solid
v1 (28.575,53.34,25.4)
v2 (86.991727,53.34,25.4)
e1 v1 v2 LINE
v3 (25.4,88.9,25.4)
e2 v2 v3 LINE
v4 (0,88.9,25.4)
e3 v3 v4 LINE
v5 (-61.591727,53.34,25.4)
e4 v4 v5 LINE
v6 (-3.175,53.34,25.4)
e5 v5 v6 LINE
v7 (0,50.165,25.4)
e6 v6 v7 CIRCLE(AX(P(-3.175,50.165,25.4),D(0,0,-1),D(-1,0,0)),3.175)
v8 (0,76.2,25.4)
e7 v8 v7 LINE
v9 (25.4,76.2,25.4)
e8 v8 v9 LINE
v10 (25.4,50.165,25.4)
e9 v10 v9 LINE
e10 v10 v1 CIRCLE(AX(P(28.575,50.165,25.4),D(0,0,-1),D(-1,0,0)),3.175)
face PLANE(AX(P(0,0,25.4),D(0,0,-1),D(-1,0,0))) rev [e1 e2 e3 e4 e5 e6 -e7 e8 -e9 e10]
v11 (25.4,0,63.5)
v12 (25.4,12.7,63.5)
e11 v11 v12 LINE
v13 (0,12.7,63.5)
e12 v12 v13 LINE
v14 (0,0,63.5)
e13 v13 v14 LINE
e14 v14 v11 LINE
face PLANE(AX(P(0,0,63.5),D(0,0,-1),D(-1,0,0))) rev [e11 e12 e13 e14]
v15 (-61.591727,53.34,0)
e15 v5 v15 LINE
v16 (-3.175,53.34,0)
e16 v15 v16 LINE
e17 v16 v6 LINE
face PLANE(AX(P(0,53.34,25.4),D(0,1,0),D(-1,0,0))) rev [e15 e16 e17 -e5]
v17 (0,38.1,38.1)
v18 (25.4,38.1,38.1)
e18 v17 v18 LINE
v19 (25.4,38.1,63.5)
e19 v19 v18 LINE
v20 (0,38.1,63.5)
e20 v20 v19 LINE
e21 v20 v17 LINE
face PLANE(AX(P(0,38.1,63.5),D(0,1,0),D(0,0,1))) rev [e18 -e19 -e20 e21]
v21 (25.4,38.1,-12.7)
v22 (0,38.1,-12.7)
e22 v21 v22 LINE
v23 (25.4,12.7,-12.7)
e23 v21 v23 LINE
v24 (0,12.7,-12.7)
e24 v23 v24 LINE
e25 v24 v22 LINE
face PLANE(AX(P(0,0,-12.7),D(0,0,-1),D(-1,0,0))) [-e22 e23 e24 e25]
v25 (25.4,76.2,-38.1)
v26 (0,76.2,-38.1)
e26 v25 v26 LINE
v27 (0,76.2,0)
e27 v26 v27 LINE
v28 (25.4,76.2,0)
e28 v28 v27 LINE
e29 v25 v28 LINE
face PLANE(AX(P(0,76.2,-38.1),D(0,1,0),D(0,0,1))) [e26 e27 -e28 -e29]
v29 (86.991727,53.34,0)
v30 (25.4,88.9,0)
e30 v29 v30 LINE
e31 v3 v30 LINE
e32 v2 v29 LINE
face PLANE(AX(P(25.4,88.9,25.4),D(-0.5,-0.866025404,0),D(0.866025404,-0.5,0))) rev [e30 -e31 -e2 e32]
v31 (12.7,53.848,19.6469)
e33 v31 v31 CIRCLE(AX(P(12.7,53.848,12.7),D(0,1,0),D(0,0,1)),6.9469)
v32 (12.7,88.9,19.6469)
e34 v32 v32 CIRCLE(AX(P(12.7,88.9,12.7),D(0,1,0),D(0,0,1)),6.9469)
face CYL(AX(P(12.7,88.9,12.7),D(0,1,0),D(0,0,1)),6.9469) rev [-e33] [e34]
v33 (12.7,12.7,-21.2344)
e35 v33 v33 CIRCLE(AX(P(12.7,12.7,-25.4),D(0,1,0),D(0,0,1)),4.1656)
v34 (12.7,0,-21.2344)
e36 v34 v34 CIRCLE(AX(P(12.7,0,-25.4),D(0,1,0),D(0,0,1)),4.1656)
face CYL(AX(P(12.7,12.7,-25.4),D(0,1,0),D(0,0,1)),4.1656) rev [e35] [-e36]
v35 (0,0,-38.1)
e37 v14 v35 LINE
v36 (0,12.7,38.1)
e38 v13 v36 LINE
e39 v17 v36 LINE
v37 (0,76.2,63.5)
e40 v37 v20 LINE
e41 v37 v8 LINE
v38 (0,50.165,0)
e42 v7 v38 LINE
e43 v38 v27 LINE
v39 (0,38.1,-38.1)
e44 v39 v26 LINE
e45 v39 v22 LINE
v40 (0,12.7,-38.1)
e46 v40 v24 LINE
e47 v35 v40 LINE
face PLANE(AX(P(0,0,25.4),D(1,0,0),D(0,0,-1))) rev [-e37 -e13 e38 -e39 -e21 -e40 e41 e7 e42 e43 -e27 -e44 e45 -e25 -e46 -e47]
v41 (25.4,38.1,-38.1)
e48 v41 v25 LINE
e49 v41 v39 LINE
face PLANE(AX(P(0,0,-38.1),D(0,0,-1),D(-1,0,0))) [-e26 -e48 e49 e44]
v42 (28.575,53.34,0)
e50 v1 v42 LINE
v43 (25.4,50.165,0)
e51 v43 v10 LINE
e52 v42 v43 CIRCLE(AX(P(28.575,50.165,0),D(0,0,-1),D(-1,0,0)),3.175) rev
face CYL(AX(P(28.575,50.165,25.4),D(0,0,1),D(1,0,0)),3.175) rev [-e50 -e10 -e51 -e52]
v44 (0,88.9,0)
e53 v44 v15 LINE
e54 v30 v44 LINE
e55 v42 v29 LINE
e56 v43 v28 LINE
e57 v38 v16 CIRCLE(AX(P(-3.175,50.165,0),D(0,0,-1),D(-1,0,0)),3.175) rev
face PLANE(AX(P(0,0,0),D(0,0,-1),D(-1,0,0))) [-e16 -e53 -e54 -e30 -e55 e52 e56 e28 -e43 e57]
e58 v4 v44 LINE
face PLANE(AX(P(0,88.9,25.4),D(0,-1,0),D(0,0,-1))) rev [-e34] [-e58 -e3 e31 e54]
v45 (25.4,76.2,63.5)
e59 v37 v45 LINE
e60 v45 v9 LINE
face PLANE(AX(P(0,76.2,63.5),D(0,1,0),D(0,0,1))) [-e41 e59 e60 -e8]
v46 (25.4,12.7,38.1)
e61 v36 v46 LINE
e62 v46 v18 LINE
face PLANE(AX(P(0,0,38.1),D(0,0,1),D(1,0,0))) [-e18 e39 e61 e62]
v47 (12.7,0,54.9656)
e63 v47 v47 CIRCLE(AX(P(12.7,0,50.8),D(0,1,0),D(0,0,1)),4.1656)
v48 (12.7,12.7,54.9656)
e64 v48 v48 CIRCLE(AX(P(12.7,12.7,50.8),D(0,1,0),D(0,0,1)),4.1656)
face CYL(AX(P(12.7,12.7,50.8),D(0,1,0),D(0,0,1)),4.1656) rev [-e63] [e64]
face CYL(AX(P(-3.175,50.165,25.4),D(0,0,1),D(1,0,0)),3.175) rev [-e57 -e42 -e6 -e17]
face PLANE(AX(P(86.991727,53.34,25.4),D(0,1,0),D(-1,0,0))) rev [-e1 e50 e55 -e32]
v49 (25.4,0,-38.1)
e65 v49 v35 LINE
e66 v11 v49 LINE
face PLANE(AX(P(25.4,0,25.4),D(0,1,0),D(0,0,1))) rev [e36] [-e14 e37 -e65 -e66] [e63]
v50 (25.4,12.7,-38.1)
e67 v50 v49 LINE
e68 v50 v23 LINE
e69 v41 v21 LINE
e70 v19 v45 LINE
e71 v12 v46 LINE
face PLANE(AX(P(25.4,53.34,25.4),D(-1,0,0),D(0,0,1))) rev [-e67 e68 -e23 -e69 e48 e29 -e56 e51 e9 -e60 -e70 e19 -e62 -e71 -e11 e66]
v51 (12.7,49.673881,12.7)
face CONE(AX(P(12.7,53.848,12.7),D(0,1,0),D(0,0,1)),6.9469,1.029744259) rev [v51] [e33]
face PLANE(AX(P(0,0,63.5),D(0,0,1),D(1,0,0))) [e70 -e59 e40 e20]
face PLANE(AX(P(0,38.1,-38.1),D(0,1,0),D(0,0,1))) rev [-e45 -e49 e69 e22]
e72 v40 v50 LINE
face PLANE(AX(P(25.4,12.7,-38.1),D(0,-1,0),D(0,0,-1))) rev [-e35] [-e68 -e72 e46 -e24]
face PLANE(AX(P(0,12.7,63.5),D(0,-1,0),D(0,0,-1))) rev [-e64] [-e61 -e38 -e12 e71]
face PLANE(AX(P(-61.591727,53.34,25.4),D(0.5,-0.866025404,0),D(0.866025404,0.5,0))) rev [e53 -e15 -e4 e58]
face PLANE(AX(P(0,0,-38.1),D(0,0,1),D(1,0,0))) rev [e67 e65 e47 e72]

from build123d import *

# Parameters (mm, degrees)
BOSS_EXTRUDE1_DEPTH        = 25.4
SKETCH2_W                  = 25.4
SKETCH2_H                  = 12.7
BOSS_EXTRUDE2_DEPTH        = 38.1
SKETCH3_W                  = 25.4
SKETCH3_H                  = 12.7
BOSS_EXTRUDE3_DEPTH        = 38.1
F_0_328IN_DOWEL_HOLE1_D    = 8.3312
F_0_55IN_DOWEL_HOLE2_D     = 13.8938
F_0_55IN_DOWEL_HOLE2_DEPTH = 35.052
F_0_55IN_DOWEL_HOLE2_TIP   = 4.174118634
FILLET1_R                  = 3.175
SKETCH8_W                  = 25.4
SKETCH8_H                  = 25.4
BOSS_EXTRUDE4_DEPTH        = 12.7
BOSS_EXTRUDE5_DEPTH        = 38.1
SKETCH9_W                  = 25.4
SKETCH9_H                  = 25.4
BOSS_EXTRUDE6_DEPTH        = 12.7
BOSS_EXTRUDE7_DEPTH        = 38.1


with BuildPart() as part:
    # Sketch1 → Boss-Extrude1 (new body)
    with BuildSketch(Plane.XY):
        Polygon((0, 0), (0, 53.34), (-61.591726717, 53.34), (0, 88.9), (25.4, 88.9), (86.991726717, 53.34), (25.4, 53.34), (25.4, 0), align=None)
    extrude(amount=BOSS_EXTRUDE1_DEPTH)

    # Sketch2 → Boss-Extrude2 (add)
    with BuildSketch(Plane.XY.offset(25.4)):
        with Locations((12.7, 6.35)):
            Rectangle(SKETCH2_W, SKETCH2_H)
    extrude(amount=BOSS_EXTRUDE2_DEPTH)

    # Sketch3 → Boss-Extrude3 (add)
    with BuildSketch(Plane(origin=(0, 0, 0), x_dir=(-1, 0, 0), z_dir=(0, 0, -1))):
        with Locations((-12.7, 6.35)):
            Rectangle(SKETCH3_W, SKETCH3_H)
    extrude(amount=BOSS_EXTRUDE3_DEPTH)

    # Ø0.328in Dowel Hole1 (through all)
    with Locations(Plane(origin=(0, 12.7, 0), x_dir=(1, 0, 0), z_dir=(0, 1, 0))):
        with Locations((12.7, 25.4), (12.7, -50.8)):
            Hole(F_0_328IN_DOWEL_HOLE1_D / 2)

    # Ø0.55in Dowel Hole2
    with Locations(Plane(origin=(0, 88.9, 0), x_dir=(1, 0, 0), z_dir=(0, 1, 0))):
        with Locations((12.7, -12.7)):
            Hole(F_0_55IN_DOWEL_HOLE2_D / 2, depth=F_0_55IN_DOWEL_HOLE2_DEPTH)
            with Locations((0, 0, -(F_0_55IN_DOWEL_HOLE2_DEPTH + F_0_55IN_DOWEL_HOLE2_TIP / 2))):  # 118° drill point
                Cone(0, F_0_55IN_DOWEL_HOLE2_D / 2, F_0_55IN_DOWEL_HOLE2_TIP, mode=Mode.SUBTRACT)

    # Fillet1
    fillet1_edges = [part.edges().sort_by_distance(p)[0] for p in [
        (0, 53.34, 12.7),
        (25.4, 53.34, 12.7),
    ]]
    fillet(fillet1_edges, radius=FILLET1_R)

    # Sketch8 → Boss-Extrude4 (add)
    with BuildSketch(Plane.XY.offset(25.4)):
        with Locations((12.7, 25.4)):
            Rectangle(SKETCH8_W, SKETCH8_H)
    extrude(amount=BOSS_EXTRUDE4_DEPTH)

    # Sketch8<3> → Boss-Extrude5 (add)
    with BuildSketch(Plane.XY.offset(25.4)):
        Polygon((0, 50.165), (0, 38.1), (25.4, 38.1), (25.4, 76.2), (0, 76.2), align=None)
    extrude(amount=BOSS_EXTRUDE5_DEPTH)

    # Sketch9 → Boss-Extrude6 (add)
    with BuildSketch(Plane(origin=(0, 0, 0), x_dir=(-1, 0, 0), z_dir=(0, 0, -1))):
        with Locations((-12.7, 25.4)):
            Rectangle(SKETCH9_W, SKETCH9_H)
    extrude(amount=BOSS_EXTRUDE6_DEPTH)

    # Sketch9<3> → Boss-Extrude7 (add)
    with BuildSketch(Plane(origin=(0, 0, 0), x_dir=(-1, 0, 0), z_dir=(0, 0, -1))):
        Polygon((-25.4, 50.165), (-25.4, 38.1), (0, 38.1), (0, 50.165), (0, 76.2), (-25.4, 76.2), align=None)
    extrude(amount=BOSS_EXTRUDE7_DEPTH)


solid = part.part
